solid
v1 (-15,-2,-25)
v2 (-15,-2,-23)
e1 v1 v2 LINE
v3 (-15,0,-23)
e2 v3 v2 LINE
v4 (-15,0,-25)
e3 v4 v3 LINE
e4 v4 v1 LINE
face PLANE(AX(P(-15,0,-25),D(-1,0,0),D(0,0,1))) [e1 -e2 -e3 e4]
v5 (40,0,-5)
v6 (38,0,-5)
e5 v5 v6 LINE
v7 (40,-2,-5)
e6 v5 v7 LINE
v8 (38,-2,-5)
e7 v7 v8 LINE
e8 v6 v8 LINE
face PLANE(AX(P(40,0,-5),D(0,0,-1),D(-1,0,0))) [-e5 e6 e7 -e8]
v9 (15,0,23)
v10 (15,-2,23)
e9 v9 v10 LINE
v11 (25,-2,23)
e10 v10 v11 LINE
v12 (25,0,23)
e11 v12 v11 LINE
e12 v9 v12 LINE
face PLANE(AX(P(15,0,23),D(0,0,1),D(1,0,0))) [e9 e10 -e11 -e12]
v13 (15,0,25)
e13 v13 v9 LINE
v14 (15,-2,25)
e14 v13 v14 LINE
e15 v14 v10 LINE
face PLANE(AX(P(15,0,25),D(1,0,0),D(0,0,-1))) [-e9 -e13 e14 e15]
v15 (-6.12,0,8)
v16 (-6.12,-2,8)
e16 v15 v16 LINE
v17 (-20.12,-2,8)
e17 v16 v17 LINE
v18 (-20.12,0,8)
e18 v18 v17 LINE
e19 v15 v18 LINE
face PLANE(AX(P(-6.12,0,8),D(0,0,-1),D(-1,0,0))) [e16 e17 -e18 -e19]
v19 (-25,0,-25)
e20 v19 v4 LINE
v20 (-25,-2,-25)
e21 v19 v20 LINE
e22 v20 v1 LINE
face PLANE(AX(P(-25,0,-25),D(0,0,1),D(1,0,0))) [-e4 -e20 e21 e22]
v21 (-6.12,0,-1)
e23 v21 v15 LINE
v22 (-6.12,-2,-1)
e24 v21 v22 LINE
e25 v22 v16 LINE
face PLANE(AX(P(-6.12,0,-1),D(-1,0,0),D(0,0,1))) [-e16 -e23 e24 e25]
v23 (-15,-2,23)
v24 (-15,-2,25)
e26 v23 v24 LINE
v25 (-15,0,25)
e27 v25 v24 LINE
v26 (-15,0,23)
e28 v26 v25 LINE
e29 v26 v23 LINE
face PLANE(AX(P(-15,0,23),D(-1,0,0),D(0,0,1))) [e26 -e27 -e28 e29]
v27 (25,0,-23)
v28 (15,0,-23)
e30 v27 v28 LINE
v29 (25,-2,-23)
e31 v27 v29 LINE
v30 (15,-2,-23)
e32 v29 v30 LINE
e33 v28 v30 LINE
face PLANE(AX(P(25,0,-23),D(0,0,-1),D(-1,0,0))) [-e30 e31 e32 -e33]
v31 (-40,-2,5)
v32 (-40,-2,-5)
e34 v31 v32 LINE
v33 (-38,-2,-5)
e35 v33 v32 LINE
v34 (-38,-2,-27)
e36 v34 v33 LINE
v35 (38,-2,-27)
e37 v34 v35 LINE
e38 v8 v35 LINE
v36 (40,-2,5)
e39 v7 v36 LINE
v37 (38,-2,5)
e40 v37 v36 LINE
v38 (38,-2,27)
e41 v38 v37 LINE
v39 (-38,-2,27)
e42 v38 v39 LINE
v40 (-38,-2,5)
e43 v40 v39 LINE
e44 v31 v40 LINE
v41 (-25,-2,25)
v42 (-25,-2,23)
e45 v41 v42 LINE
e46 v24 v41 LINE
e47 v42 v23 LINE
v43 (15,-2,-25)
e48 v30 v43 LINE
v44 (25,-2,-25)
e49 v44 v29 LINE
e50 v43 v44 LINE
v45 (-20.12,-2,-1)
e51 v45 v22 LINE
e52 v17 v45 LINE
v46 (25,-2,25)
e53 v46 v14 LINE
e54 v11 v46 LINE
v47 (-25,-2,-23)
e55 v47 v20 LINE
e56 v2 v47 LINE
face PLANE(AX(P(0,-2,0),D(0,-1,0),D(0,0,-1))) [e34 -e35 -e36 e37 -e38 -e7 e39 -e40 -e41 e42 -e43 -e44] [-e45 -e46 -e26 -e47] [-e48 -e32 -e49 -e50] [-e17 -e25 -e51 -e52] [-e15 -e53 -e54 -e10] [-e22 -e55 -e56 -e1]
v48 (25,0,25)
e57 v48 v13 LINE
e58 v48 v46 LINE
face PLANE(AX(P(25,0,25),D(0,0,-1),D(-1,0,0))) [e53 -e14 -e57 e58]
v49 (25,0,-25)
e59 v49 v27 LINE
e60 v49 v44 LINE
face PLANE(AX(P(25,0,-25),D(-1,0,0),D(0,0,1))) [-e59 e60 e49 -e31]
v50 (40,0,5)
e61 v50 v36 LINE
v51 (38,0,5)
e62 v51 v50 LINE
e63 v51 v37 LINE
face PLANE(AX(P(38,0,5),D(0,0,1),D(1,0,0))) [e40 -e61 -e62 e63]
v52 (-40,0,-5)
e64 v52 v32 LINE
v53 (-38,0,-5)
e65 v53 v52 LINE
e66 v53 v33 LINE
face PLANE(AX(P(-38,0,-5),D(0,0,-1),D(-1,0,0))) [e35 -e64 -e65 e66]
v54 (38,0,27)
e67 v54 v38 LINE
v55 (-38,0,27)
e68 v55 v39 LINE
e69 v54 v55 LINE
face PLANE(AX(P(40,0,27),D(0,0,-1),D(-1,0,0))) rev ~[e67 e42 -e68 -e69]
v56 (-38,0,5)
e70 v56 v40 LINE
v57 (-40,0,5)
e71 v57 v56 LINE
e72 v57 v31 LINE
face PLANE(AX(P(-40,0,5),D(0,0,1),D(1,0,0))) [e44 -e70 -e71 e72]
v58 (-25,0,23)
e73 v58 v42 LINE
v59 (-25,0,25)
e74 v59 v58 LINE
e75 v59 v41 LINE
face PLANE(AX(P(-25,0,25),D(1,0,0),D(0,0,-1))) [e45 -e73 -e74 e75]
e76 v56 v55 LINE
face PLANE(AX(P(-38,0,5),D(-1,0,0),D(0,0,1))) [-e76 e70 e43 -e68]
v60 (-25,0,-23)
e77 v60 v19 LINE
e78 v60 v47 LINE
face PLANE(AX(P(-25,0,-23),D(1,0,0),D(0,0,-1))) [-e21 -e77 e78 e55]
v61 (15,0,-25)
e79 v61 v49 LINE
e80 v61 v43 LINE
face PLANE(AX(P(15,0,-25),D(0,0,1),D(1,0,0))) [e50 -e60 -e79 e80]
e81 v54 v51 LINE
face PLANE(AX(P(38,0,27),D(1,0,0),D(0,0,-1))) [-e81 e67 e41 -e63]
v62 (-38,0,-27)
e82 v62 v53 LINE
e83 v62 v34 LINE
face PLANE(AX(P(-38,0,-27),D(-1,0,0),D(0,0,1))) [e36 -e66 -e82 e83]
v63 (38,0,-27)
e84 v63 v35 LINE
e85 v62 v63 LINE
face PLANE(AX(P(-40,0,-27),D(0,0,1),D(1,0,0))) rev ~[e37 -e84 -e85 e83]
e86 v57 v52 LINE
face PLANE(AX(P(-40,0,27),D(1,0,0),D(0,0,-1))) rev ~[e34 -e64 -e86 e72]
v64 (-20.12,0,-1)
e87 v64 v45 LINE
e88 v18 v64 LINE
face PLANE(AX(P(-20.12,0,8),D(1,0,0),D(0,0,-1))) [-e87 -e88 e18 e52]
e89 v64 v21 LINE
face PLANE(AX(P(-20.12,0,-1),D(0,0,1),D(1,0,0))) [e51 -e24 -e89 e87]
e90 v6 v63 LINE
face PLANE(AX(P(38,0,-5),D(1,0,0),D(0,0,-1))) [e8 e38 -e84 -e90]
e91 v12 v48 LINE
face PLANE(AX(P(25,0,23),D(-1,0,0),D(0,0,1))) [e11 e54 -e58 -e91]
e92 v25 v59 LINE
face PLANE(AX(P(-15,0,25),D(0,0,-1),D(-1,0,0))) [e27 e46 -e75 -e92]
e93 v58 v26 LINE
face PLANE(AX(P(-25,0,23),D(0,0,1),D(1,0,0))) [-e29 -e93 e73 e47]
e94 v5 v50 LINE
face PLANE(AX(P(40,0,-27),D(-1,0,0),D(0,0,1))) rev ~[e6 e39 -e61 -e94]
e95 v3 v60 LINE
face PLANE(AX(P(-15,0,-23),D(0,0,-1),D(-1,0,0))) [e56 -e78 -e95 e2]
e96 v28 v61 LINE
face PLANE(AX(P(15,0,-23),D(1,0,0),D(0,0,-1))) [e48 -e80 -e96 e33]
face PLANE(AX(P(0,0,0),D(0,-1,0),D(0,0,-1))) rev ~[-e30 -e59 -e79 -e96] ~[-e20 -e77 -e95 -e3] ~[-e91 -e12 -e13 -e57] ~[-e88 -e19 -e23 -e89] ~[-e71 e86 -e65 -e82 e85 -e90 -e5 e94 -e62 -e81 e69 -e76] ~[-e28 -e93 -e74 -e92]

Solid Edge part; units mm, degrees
sketch "Sketch1" plane through (0, 0, 0) normal (0, -1, 0) x (1, 0, 0)
  line L0 (40, -27) -> (40, 27)
  line L1 (40, 27) -> (-40, 27)
  line L2 (-40, 27) -> (-40, -27)
  line L3 (-40, -27) -> (40, -27)
extrude "Protrusion1" add sketch "Sketch1" along normal blind 2
sketch "Sketch2" plane through (0, 0, 0) normal (0, -1, 0) x (1, 0, 0)
  line L0 (-25, 23) -> (-15, 23)
  line L1 (-15, 23) -> (-15, 25)
  line L2 (-15, 25) -> (-25, 25)
  line L3 (-25, 25) -> (-25, 23)
extrude "ExtrudedCutout_1" cut sketch "Sketch2" along normal blind 2
sketch "Sketch3" plane through (0, 0, 0) normal (0, -1, 0) x (1, 0, 0)
  line L0 (25, 25) -> (15, 25)
  line L1 (15, 25) -> (15, 23)
  line L2 (15, 23) -> (25, 23)
  line L3 (25, 23) -> (25, 25)
extrude "ExtrudedCutout_2" cut sketch "Sketch3" along normal blind 2
sketch "Sketch4" plane through (0, 0, 0) normal (0, -1, 0) x (1, 0, 0)
  line L0 (15, -25) -> (25, -25)
  line L1 (25, -25) -> (25, -23)
  line L2 (25, -23) -> (15, -23)
  line L3 (15, -23) -> (15, -25)
extrude "ExtrudedCutout_3" cut sketch "Sketch4" along normal blind 2
sketch "Sketch5" plane through (0, 0, 0) normal (0, -1, 0) x (1, 0, 0)
  line L0 (-15, -23) -> (-25, -23)
  line L1 (-25, -23) -> (-25, -25)
  line L2 (-25, -25) -> (-15, -25)
  line L3 (-15, -25) -> (-15, -23)
extrude "ExtrudedCutout_4" cut sketch "Sketch5" along normal blind 2
sketch "Sketch6" plane through (0, 0, 0) normal (0, -1, 0) x (1, 0, 0)
  line L0 (-38, -27) -> (-38, -5)
  line L1 (-38, -5) -> (-40, -5)
  line L2 (-40, -5) -> (-40, -27)
  line L3 (-40, -27) -> (-38, -27)
extrude "ExtrudedCutout_5" cut sketch "Sketch6" along normal blind 2
sketch "Sketch7" plane through (0, 0, 0) normal (0, -1, 0) x (1, 0, 0)
  line L0 (-38, 5) -> (-38, 27)
  line L1 (-38, 27) -> (-40, 27)
  line L2 (-40, 27) -> (-40, 5)
  line L3 (-40, 5) -> (-38, 5)
extrude "ExtrudedCutout_6" cut sketch "Sketch7" along normal blind 2
sketch "Sketch8" plane through (0, 0, 0) normal (0, -1, 0) x (1, 0, 0)
  line L0 (38, -5) -> (38, -27)
  line L1 (38, -27) -> (40, -27)
  line L2 (40, -27) -> (40, -5)
  line L3 (40, -5) -> (38, -5)
extrude "ExtrudedCutout_7" cut sketch "Sketch8" along normal blind 2
sketch "Sketch9" plane through (0, 0, 0) normal (0, -1, 0) x (1, 0, 0)
  line L0 (38, 27) -> (38, 5)
  line L1 (38, 5) -> (40, 5)
  line L2 (40, 5) -> (40, 27)
  line L3 (40, 27) -> (38, 27)
extrude "ExtrudedCutout_8" cut sketch "Sketch9" along normal blind 2
sketch "Sketch10" plane through (0, 0, 0) normal (0, -1, 0) x (1, 0, 0)
  line L0 (-20.12, -1) -> (-6.12, -1)
  line L1 (-6.12, -1) -> (-6.12, 8)
  line L2 (-6.12, 8) -> (-20.12, 8)
  line L3 (-20.12, 8) -> (-20.12, -1)
extrude "ExtrudedCutout_9" cut sketch "Sketch10" along normal blind 2
properties material "Acrylic, high impact grade"
